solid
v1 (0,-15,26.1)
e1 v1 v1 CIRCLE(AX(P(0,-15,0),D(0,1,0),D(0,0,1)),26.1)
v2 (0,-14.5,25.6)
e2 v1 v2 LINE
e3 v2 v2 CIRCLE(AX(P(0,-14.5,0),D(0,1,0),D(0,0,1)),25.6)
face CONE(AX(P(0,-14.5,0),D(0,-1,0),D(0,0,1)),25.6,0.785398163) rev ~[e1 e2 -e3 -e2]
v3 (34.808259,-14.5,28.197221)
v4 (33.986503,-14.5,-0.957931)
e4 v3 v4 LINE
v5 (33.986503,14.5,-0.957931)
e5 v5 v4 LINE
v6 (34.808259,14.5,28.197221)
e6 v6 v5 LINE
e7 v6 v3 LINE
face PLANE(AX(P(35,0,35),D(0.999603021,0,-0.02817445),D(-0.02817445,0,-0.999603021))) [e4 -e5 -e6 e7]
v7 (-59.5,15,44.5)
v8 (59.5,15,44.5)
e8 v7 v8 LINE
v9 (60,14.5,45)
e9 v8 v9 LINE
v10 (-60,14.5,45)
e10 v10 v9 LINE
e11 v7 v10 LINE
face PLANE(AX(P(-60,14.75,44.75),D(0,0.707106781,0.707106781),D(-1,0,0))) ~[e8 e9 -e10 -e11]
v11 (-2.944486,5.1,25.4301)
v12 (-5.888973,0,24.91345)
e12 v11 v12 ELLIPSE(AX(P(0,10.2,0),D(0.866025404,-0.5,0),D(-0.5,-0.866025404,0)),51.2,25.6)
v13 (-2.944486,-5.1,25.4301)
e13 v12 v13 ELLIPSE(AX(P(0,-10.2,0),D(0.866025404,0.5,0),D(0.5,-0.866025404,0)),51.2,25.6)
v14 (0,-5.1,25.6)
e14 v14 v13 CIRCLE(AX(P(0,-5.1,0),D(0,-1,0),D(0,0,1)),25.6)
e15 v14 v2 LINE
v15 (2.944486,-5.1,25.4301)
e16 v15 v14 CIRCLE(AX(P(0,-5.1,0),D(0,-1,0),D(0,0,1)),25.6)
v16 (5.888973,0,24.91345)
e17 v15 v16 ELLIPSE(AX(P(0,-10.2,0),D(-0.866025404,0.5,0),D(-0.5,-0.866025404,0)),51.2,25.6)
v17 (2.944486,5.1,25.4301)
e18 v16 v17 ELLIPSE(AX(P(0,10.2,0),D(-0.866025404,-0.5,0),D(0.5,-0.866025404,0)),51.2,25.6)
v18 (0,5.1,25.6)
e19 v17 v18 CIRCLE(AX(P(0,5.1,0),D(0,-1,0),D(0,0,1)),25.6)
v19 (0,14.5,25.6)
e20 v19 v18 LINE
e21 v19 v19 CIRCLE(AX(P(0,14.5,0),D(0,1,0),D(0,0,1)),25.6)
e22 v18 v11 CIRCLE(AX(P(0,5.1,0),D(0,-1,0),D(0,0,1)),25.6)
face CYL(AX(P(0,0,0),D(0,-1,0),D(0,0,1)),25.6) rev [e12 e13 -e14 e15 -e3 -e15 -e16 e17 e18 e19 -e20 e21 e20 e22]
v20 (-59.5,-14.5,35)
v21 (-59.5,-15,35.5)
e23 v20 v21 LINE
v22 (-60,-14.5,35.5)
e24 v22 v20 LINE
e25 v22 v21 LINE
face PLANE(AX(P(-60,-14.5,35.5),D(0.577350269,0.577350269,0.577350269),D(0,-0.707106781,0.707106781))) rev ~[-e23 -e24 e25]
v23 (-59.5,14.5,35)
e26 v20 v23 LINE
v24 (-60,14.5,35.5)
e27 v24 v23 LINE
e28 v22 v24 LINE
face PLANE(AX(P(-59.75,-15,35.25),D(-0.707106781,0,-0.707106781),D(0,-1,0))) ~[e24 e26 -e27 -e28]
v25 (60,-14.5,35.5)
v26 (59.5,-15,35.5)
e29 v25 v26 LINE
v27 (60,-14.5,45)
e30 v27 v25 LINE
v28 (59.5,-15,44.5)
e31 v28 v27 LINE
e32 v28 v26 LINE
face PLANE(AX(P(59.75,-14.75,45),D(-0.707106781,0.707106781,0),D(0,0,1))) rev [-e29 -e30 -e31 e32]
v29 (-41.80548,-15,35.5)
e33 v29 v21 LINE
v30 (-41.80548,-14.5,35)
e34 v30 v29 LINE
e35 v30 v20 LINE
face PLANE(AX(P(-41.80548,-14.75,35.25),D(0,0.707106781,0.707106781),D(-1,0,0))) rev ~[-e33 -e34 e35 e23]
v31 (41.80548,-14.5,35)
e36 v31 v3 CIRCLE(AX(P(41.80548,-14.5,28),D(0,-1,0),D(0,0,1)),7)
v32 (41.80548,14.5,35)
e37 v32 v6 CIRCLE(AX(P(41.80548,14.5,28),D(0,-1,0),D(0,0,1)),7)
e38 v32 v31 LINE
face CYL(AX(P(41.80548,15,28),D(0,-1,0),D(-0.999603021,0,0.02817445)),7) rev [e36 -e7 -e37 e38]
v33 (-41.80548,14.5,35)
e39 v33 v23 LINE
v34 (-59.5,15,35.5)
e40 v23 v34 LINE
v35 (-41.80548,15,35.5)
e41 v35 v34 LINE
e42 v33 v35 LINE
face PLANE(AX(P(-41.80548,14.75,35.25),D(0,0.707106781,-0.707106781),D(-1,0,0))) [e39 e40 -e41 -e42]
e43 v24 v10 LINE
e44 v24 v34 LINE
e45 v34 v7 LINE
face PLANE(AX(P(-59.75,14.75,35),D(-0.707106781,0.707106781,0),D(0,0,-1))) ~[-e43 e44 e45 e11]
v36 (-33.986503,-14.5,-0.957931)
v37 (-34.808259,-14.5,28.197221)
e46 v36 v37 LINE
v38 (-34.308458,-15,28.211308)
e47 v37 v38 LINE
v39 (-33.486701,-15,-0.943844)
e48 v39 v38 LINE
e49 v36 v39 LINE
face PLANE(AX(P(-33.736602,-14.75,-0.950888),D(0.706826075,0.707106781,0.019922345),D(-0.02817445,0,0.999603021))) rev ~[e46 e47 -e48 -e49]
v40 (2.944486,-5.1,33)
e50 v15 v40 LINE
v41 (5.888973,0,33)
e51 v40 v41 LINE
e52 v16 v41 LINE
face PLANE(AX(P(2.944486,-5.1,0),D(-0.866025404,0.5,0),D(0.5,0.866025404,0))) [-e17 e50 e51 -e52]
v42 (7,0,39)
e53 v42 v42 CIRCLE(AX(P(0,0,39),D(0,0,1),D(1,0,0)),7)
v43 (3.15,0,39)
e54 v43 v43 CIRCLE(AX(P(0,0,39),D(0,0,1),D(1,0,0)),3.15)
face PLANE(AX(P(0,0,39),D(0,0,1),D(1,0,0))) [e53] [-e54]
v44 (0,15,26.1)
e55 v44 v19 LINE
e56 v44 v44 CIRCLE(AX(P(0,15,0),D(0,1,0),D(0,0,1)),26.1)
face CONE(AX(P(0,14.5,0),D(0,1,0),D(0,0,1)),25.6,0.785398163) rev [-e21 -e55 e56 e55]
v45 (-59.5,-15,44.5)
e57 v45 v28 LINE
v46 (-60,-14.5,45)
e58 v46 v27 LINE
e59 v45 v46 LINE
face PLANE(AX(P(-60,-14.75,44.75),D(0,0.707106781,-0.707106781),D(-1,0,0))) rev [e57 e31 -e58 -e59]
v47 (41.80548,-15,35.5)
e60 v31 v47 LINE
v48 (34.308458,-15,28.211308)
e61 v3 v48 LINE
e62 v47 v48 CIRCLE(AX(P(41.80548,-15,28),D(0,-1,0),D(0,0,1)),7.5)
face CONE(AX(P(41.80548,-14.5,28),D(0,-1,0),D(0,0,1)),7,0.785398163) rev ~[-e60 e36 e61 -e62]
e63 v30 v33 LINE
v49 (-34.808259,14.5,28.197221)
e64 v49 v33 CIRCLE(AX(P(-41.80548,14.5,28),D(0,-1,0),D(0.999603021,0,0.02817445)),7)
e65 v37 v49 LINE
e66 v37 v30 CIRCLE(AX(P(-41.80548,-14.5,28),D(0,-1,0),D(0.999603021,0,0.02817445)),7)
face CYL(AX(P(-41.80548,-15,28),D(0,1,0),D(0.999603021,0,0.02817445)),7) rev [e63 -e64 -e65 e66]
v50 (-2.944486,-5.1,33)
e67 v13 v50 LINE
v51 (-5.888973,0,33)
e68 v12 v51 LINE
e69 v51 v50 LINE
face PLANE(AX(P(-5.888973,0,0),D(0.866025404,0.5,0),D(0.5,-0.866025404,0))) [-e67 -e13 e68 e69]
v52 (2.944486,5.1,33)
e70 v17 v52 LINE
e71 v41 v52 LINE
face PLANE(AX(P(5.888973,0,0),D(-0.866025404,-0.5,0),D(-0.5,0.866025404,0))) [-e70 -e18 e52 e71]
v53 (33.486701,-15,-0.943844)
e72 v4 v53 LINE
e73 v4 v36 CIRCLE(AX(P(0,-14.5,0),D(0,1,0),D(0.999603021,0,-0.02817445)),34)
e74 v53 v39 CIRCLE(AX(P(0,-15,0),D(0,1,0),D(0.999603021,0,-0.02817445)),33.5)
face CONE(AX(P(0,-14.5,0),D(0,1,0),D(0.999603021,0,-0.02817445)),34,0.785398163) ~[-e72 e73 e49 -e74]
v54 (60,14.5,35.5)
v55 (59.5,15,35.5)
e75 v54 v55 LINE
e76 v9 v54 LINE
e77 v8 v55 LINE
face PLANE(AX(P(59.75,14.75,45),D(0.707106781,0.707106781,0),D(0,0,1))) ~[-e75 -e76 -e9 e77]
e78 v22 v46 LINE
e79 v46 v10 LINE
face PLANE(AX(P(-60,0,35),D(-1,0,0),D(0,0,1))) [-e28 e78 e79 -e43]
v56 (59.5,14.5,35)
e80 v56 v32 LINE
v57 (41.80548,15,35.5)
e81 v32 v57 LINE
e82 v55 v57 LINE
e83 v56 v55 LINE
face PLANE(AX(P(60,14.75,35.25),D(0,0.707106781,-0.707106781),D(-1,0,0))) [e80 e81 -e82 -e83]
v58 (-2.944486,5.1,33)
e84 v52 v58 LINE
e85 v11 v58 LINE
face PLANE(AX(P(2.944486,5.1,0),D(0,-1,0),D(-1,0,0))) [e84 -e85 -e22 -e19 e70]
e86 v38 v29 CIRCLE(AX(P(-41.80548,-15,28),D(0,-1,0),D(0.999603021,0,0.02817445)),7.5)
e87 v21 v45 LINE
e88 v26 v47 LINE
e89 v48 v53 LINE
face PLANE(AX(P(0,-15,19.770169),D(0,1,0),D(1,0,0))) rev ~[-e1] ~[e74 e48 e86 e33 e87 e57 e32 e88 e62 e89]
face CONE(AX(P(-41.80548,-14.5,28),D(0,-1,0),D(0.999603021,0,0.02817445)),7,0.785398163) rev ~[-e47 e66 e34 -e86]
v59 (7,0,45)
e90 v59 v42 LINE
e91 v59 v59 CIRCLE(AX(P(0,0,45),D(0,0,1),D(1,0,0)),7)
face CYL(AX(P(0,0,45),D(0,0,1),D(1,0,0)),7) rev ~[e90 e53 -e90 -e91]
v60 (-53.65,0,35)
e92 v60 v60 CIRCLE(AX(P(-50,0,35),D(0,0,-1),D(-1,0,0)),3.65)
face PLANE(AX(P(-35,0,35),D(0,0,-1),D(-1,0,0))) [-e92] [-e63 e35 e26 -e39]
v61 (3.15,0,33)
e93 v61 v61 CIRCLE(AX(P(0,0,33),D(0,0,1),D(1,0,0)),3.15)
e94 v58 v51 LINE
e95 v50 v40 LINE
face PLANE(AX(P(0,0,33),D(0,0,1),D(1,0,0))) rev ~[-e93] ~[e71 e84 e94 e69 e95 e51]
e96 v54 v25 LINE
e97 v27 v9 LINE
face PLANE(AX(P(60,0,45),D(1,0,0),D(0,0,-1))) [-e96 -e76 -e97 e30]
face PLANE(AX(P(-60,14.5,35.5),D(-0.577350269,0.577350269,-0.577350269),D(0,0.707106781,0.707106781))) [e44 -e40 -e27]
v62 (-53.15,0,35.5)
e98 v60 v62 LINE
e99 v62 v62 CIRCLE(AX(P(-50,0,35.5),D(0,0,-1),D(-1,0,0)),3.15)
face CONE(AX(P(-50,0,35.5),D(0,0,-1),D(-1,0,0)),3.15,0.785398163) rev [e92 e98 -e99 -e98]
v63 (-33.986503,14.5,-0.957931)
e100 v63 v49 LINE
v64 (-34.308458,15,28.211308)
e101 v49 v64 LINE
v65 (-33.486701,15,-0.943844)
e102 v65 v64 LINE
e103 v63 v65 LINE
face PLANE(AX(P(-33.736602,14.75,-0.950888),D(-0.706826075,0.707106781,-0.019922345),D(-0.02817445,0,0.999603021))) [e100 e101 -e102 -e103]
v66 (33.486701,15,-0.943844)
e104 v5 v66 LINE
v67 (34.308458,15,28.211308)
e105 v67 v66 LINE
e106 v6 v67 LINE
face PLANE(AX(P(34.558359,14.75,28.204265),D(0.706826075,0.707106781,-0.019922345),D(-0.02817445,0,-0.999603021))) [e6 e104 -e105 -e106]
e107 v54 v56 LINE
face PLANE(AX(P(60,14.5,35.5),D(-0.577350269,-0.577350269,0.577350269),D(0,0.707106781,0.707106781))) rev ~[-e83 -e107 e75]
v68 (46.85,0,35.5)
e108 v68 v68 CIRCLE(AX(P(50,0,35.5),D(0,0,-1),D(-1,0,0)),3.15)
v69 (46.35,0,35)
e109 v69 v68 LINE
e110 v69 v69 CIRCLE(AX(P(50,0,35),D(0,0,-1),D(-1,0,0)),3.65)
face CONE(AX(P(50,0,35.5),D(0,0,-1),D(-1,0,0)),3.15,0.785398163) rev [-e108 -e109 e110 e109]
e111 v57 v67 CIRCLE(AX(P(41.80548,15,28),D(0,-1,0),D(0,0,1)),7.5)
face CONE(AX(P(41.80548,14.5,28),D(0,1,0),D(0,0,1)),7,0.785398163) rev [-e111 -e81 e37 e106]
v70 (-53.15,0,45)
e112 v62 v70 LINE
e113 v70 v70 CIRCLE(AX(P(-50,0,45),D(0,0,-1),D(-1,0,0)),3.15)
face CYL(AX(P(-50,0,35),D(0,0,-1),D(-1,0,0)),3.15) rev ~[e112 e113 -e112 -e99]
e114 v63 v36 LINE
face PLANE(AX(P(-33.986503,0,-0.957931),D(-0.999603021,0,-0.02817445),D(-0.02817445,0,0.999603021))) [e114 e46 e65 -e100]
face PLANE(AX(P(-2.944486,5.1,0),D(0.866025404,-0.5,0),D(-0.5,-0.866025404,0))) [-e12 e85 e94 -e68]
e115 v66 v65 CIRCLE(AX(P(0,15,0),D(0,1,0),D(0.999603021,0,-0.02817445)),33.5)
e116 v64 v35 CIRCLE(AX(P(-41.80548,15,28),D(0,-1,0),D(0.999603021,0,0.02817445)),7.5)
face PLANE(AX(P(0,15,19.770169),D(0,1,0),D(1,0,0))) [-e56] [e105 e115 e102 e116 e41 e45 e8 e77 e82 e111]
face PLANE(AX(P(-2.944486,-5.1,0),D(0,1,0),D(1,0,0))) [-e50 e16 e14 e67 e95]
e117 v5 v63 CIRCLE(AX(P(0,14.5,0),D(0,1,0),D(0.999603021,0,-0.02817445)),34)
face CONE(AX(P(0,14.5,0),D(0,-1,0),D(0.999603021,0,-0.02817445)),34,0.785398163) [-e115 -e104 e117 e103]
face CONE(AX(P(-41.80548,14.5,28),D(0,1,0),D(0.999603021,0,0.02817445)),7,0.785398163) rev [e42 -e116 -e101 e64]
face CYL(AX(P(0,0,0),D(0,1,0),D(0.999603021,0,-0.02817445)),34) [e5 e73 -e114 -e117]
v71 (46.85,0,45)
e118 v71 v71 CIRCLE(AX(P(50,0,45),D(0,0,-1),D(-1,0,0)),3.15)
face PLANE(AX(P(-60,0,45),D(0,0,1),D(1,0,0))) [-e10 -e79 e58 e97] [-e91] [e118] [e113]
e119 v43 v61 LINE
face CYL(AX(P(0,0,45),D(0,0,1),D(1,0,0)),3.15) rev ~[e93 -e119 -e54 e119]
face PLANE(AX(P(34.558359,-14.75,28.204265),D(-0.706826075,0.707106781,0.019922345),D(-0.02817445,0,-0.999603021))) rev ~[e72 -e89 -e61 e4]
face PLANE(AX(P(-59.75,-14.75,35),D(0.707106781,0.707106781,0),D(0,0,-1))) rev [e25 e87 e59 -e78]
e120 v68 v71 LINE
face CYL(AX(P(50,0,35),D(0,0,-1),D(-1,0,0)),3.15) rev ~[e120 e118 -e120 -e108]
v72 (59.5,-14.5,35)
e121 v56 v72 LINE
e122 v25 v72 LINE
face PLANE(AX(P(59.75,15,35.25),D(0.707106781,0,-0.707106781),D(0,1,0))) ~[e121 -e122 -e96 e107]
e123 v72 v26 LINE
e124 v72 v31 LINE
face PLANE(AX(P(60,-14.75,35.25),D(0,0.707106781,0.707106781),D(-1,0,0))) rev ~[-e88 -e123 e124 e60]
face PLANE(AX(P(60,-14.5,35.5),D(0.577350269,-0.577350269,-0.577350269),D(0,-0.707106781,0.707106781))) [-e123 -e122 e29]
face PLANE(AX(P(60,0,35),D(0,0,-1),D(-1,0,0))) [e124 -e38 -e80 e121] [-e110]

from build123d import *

# Parameters (mm, degrees)
SKETCH1_R           = 25.6
BOSS_EXTRUDE1_DEPTH = 15
SKETCH2_R           = 3.15
CUT_EXTRUDE1_DEPTH  = 30
SKETCH3_R           = 7
CUT_EXTRUDE2_DEPTH  = 6
SKETCH4_R           = 3.15
CUT_EXTRUDE3_DEPTH  = 93.660671285
FILLET1_R           = 7
CHAMFER1_SIZE       = 0.5
CUT_EXTRUDE4_DEPTH  = 33


with BuildPart() as part:
    # Sketch1 → Boss-Extrude1 (new, symmetric)
    with BuildSketch(Plane(origin=(0, 0, 0), x_dir=(1, 0, 0), z_dir=(0, 1, 0))):
        with BuildLine():
            Line((-33.986502727, 0.957931299), (-35, -35))
            Line((-35, -35), (-60, -35))
            Line((-60, -35), (-60, -45))
            Line((-60, -45), (60, -45))
            Line((60, -45), (60, -35))
            Line((60, -35), (35, -35))
            Line((35, -35), (33.986502727, 0.957931299))
            ThreePointArc((33.986502727, 0.957931299), (0, 34), (-33.986502727, 0.957931299))
        make_face()
        with Locations(Location((0, 0, 0), (0, 0, 270))):
            Circle(SKETCH1_R, mode=Mode.SUBTRACT)
    extrude(amount=BOSS_EXTRUDE1_DEPTH, both=True)

    # Sketch2 → Cut-Extrude1 (cut)
    with BuildSketch(Plane.XY.offset(45)):
        Circle(SKETCH2_R)
    extrude(amount=-CUT_EXTRUDE1_DEPTH, mode=Mode.SUBTRACT)

    # Sketch3 → Cut-Extrude2 (cut)
    with BuildSketch(Plane.XY.offset(45)):
        Circle(SKETCH3_R)
    extrude(amount=-CUT_EXTRUDE2_DEPTH, mode=Mode.SUBTRACT)

    # Sketch4 → Cut-Extrude3 (cut, through all)
    with BuildSketch(Plane(origin=(0, 0, 35), x_dir=(-1, 0, 0), z_dir=(0, 0, -1))):
        with Locations((-50, 0)):
            Circle(SKETCH4_R)
        with Locations((50, 0)):
            Circle(SKETCH4_R)
    extrude(amount=-CUT_EXTRUDE3_DEPTH, mode=Mode.SUBTRACT)

    # Fillet1
    fillet1_edges = [part.edges().sort_by_distance(p)[0] for p in [
        (-35, 0, 35),
        (35, 0, 35),
    ]]
    fillet(fillet1_edges, radius=FILLET1_R)

    # Chamfer1
    chamfer1_edges = [part.edges().sort_by_distance(p)[0] for p in [
        (-34.397381029, -15, 13.619644926),
        (0, -15, -34),
        (50.90274024, -15, 35),
        (0, 15, -34),
        (60, 0, 35),
        (-60, 0, 35),
        (-34.397381029, 15, 13.619644926),
        (0, -15, -25.6),
        (0, 15, -25.6),
        (-60, 15, 40),
        (0, 15, 45),
        (60, 15, 40),
        (53.15, 0, 35),
        (-46.85, 0, 35),
        (50.90274024, 15, 35),
        (-50.90274024, -15, 35),
        (-50.90274024, 15, 35),
        (34.397381029, -15, 13.619644926),
        (34.397381029, 15, 13.619644926),
        (-36.9259594, -15, 33.018991335),
        (-36.9259594, 15, 33.018991335),
        (36.9259594, -15, 33.018991335),
        (36.9259594, 15, 33.018991335),
        (60, -15, 40),
        (0, -15, 45),
        (-60, -15, 40),
    ]]
    chamfer(chamfer1_edges, length=CHAMFER1_SIZE)

    # Sketch5 → Cut-Extrude4 (cut)
    with BuildSketch(Plane.XY):
        Polygon((2.944486373, 5.1), (-2.944486373, 5.1), (-5.888972746, 0), (-2.944486373, -5.1), (2.944486373, -5.1), (5.888972746, 0), align=None)
    extrude(amount=CUT_EXTRUDE4_DEPTH, mode=Mode.SUBTRACT)


solid = part.part
